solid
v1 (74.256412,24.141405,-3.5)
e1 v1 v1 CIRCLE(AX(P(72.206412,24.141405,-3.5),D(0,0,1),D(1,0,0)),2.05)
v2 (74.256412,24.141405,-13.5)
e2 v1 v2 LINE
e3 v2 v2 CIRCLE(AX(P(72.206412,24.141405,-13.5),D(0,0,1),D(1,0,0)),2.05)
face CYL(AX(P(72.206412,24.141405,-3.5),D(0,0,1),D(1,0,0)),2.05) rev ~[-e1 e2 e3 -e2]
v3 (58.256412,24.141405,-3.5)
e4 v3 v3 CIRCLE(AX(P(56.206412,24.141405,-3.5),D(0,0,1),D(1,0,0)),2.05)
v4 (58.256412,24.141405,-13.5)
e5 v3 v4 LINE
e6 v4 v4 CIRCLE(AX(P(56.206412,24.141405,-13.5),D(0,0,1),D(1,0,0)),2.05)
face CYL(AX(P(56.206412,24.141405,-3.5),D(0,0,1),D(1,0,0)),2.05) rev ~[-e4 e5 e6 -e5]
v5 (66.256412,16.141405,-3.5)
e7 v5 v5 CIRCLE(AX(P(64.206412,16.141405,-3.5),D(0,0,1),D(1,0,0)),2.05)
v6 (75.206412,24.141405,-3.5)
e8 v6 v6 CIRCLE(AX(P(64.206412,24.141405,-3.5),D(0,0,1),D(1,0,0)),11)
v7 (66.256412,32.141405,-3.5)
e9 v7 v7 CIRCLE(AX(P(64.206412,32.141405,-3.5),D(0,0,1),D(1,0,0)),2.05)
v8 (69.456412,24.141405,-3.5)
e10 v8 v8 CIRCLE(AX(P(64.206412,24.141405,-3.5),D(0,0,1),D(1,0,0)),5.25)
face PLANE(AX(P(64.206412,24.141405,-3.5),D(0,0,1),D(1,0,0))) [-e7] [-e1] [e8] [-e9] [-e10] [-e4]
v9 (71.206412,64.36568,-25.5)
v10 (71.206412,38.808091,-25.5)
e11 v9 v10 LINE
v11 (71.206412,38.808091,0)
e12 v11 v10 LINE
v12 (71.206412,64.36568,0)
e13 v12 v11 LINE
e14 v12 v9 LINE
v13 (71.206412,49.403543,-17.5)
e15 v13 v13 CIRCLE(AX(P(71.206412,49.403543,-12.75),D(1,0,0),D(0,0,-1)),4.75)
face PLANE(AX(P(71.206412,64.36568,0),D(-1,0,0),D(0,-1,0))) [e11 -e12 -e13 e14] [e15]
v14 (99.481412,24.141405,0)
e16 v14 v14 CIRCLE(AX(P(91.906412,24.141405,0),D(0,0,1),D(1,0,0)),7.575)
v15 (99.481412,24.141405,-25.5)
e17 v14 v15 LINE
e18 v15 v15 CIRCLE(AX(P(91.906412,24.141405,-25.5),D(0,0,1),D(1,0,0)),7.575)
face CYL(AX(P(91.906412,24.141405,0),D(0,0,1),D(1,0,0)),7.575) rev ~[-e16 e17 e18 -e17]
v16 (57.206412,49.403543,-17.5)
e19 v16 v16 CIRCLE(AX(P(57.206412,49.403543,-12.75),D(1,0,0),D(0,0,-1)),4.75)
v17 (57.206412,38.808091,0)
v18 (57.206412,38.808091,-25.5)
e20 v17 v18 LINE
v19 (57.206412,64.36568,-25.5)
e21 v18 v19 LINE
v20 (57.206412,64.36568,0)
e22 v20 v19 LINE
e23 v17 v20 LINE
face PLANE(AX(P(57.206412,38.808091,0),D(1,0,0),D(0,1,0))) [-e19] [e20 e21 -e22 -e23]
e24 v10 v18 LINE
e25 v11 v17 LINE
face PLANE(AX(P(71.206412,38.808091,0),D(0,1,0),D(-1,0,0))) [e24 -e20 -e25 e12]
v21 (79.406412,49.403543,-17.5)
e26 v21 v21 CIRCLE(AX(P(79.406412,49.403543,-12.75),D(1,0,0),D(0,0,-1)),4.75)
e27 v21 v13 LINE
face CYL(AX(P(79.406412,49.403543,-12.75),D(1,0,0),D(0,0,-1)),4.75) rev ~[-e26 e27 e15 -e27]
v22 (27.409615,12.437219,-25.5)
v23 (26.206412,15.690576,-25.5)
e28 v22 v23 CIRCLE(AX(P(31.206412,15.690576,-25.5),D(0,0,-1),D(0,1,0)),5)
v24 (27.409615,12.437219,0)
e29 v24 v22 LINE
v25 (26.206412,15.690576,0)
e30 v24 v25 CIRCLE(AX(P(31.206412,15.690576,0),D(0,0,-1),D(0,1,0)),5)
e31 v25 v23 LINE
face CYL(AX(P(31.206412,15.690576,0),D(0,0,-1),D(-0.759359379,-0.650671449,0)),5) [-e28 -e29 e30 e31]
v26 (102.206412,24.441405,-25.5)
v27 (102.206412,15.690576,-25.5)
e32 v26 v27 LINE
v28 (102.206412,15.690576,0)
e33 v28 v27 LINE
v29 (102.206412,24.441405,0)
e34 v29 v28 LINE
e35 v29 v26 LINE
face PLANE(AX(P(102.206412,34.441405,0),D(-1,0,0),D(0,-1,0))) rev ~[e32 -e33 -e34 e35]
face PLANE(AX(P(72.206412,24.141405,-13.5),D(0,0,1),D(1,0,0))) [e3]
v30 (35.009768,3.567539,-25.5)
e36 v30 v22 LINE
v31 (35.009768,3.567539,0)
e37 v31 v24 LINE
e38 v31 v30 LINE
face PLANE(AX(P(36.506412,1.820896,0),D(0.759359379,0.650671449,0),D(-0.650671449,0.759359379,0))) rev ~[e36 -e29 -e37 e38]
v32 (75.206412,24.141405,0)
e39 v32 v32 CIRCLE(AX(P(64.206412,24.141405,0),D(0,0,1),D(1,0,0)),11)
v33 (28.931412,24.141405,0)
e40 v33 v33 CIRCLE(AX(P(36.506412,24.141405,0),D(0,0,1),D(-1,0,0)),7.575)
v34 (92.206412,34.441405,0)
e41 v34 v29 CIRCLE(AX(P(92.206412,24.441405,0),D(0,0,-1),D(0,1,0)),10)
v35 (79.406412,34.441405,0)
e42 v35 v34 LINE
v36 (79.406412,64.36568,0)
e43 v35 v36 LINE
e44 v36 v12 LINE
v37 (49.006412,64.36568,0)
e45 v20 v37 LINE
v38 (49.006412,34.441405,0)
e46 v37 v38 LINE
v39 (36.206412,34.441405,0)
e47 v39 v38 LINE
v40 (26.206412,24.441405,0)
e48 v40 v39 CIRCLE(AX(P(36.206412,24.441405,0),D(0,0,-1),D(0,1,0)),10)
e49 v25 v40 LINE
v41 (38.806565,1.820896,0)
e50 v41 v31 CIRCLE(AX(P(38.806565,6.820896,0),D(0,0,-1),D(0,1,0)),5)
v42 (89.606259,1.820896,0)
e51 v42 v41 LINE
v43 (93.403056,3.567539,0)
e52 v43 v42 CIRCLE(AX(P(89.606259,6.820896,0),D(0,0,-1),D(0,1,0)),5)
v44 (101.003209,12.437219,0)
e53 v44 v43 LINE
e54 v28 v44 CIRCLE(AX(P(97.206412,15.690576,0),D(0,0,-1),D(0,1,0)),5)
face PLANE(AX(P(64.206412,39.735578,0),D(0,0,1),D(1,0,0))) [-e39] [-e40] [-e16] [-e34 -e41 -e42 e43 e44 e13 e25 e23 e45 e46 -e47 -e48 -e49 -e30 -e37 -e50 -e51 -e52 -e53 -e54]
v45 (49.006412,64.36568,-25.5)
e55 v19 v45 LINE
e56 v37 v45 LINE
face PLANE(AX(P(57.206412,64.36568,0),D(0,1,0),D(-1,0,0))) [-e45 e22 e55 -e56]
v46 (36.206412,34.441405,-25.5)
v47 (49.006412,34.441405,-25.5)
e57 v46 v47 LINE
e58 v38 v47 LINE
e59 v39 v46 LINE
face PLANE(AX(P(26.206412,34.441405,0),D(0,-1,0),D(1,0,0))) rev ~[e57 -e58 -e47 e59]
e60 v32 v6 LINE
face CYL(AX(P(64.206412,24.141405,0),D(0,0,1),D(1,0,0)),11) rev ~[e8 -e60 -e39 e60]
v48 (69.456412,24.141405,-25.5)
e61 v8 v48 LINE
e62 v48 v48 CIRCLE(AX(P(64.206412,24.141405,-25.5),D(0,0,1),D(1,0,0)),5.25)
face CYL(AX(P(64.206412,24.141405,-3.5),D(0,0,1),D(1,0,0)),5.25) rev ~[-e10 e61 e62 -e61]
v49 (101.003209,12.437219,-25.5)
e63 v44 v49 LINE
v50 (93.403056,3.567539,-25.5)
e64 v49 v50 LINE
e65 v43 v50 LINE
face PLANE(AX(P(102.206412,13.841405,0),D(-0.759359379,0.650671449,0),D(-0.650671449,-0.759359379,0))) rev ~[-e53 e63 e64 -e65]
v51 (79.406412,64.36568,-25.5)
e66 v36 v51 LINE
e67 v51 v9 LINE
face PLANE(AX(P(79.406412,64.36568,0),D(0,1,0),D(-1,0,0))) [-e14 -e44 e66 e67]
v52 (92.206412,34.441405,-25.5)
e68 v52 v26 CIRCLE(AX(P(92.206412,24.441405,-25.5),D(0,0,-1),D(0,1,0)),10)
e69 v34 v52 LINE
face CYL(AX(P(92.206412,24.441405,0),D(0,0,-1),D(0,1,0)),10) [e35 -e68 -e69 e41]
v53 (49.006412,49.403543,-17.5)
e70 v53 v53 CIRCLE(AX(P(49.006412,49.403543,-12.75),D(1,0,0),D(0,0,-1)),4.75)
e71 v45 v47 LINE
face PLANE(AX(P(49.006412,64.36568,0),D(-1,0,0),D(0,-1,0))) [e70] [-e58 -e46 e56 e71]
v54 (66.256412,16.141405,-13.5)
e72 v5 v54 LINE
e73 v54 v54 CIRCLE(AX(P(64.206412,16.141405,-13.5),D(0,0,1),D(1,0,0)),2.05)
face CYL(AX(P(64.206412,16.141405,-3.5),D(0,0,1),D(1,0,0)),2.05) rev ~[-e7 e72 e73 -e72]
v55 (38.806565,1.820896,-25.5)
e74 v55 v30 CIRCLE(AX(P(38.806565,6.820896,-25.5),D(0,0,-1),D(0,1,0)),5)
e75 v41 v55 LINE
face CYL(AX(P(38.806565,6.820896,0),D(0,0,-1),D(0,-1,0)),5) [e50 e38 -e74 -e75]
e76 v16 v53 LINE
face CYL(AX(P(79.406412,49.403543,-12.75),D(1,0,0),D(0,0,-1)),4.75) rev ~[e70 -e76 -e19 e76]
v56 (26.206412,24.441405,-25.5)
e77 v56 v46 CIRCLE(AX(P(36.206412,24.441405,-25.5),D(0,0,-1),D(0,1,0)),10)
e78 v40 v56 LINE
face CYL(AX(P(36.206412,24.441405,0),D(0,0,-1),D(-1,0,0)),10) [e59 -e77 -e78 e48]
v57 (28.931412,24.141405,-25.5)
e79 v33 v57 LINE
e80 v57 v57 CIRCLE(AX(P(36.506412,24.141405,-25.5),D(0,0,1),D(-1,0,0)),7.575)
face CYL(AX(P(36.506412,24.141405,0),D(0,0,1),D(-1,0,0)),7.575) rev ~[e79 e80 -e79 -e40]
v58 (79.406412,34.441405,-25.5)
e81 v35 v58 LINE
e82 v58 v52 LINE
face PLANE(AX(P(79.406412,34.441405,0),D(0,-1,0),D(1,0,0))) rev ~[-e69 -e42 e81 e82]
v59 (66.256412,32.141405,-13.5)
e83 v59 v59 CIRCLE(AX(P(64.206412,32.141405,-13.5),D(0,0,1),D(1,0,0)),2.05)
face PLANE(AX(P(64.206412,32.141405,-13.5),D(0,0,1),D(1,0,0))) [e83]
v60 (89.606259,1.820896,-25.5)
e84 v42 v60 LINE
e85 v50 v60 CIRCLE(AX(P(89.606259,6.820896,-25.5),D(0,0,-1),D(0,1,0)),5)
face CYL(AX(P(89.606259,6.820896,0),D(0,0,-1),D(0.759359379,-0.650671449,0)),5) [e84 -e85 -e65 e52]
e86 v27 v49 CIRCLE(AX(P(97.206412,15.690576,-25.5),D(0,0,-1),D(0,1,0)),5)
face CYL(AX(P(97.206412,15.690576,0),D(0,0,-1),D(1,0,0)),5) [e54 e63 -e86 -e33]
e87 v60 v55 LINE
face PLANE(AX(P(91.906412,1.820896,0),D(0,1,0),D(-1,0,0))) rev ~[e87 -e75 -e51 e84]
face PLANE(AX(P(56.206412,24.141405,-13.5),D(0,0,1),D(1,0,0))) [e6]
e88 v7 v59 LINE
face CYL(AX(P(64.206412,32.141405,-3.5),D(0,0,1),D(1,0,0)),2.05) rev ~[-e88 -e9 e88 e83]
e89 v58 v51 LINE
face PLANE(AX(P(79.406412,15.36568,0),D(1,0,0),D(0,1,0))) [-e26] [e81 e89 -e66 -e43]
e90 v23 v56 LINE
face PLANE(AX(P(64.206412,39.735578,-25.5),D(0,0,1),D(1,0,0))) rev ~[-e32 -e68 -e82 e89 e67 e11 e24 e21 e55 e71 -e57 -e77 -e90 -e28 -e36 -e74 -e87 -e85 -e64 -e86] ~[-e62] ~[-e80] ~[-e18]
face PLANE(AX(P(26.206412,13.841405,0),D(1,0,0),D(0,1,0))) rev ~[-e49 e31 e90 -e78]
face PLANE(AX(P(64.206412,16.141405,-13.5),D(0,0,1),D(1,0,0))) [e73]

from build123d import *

# Parameters (mm, degrees)
CROQUIS1_R              = 7.575
SALIENTE_EXTRUIR1_DEPTH = 25.5
BOSS_EXTRUDE1_DEPTH     = 25.5
SKETCH7_R               = 11
CUT_EXTRUDE1_DEPTH      = 3.5
SKETCH9_R               = 5.25
CUT_EXTRUDE3_DEPTH      = 22
REDONDEO1_R             = 10
FILLET1_R               = 5
SKETCH8_R               = 4.75
CUT_EXTRUDE2_DEPTH      = 88.312260382
SKETCH11_R              = 2.05
CUT_EXTRUDE4_DEPTH      = 10


with BuildPart() as part:
    # Croquis1 → Saliente-Extruir1 (new body)
    with BuildSketch(Plane.XY):
        Polygon((79.406412185, 15.36568027), (79.406412185, 34.441404803), (102.206412031, 34.441404803), (102.206412031, 13.841404803), (91.906412031, 1.820896426), (36.506412031, 1.820896426), (26.206412031, 13.841404803), (26.206412031, 34.441404803), (49.006411878, 34.441404803), (49.006411878, 15.36568027), (64.10641184, 6.647691683), (64.206412031, 6.589956548), (64.306412223, 6.647691683), align=None)
        with Locations((91.906412031, 24.141404803)):
            Circle(CROQUIS1_R, mode=Mode.SUBTRACT)
        with Locations(Location((36.506412031, 24.141404803, 0), (0, 0, 180))):
            Circle(CROQUIS1_R, mode=Mode.SUBTRACT)
    extrude(amount=-SALIENTE_EXTRUIR1_DEPTH)

    # Sketch4 → Boss-Extrude1 (add)
    with BuildSketch(Plane.XY):
        Polygon((64.206412031, 6.589956548), (79.406412185, 15.36568027), (79.406412185, 64.36568027), (71.206412031, 64.36568027), (71.206412031, 38.80809142), (57.206412031, 38.80809142), (57.206412031, 64.36568027), (49.006411878, 64.36568027), (49.006411878, 15.36568027), align=None)
    extrude(amount=-BOSS_EXTRUDE1_DEPTH)

    # Sketch7 → Cut-Extrude1 (cut)
    with BuildSketch(Plane.XY):
        with Locations((64.206412031, 24.141404803)):
            Circle(SKETCH7_R)
    extrude(amount=-CUT_EXTRUDE1_DEPTH, mode=Mode.SUBTRACT)

    # Sketch9 → Cut-Extrude3 (cut)
    with BuildSketch(Plane.XY.offset(-3.5)):
        with Locations((64.206412031, 24.141404803)):
            Circle(SKETCH9_R)
    extrude(amount=-CUT_EXTRUDE3_DEPTH, mode=Mode.SUBTRACT)

    # Redondeo1
    redondeo1_edges = [part.edges().sort_by_distance(p)[0] for p in [
        (102.206412031, 34.441404803, -12.75),
        (26.206412031, 34.441404803, -12.75),
    ]]
    fillet(redondeo1_edges, radius=REDONDEO1_R)

    # Fillet1
    fillet1_edges = [part.edges().sort_by_distance(p)[0] for p in [
        (102.206412031, 13.841404803, -12.75),
        (91.906412031, 1.820896426, -12.75),
        (36.506412031, 1.820896426, -12.75),
        (26.206412031, 13.841404803, -12.75),
    ]]
    fillet(fillet1_edges, radius=FILLET1_R)

    # Sketch8 → Cut-Extrude2 (cut, through all)
    with BuildSketch(Plane(origin=(79.406412185, 0, 0), x_dir=(0, 0, -1), z_dir=(1, 0, 0))):
        with Locations((12.75, 49.403542537)):
            Circle(SKETCH8_R)
    extrude(amount=-CUT_EXTRUDE2_DEPTH, mode=Mode.SUBTRACT)

    # Sketch11 → Cut-Extrude4 (cut)
    with BuildSketch(Plane.XY.offset(-3.5)):
        with Locations((72.206412031, 24.141404803)):
            Circle(SKETCH11_R)
        with Locations((64.206412031, 32.141404803)):
            Circle(SKETCH11_R)
        with Locations((56.206412031, 24.141404803)):
            Circle(SKETCH11_R)
        with Locations((64.206412031, 16.141404803)):
            Circle(SKETCH11_R)
    extrude(amount=-CUT_EXTRUDE4_DEPTH, mode=Mode.SUBTRACT)


solid = part.part
